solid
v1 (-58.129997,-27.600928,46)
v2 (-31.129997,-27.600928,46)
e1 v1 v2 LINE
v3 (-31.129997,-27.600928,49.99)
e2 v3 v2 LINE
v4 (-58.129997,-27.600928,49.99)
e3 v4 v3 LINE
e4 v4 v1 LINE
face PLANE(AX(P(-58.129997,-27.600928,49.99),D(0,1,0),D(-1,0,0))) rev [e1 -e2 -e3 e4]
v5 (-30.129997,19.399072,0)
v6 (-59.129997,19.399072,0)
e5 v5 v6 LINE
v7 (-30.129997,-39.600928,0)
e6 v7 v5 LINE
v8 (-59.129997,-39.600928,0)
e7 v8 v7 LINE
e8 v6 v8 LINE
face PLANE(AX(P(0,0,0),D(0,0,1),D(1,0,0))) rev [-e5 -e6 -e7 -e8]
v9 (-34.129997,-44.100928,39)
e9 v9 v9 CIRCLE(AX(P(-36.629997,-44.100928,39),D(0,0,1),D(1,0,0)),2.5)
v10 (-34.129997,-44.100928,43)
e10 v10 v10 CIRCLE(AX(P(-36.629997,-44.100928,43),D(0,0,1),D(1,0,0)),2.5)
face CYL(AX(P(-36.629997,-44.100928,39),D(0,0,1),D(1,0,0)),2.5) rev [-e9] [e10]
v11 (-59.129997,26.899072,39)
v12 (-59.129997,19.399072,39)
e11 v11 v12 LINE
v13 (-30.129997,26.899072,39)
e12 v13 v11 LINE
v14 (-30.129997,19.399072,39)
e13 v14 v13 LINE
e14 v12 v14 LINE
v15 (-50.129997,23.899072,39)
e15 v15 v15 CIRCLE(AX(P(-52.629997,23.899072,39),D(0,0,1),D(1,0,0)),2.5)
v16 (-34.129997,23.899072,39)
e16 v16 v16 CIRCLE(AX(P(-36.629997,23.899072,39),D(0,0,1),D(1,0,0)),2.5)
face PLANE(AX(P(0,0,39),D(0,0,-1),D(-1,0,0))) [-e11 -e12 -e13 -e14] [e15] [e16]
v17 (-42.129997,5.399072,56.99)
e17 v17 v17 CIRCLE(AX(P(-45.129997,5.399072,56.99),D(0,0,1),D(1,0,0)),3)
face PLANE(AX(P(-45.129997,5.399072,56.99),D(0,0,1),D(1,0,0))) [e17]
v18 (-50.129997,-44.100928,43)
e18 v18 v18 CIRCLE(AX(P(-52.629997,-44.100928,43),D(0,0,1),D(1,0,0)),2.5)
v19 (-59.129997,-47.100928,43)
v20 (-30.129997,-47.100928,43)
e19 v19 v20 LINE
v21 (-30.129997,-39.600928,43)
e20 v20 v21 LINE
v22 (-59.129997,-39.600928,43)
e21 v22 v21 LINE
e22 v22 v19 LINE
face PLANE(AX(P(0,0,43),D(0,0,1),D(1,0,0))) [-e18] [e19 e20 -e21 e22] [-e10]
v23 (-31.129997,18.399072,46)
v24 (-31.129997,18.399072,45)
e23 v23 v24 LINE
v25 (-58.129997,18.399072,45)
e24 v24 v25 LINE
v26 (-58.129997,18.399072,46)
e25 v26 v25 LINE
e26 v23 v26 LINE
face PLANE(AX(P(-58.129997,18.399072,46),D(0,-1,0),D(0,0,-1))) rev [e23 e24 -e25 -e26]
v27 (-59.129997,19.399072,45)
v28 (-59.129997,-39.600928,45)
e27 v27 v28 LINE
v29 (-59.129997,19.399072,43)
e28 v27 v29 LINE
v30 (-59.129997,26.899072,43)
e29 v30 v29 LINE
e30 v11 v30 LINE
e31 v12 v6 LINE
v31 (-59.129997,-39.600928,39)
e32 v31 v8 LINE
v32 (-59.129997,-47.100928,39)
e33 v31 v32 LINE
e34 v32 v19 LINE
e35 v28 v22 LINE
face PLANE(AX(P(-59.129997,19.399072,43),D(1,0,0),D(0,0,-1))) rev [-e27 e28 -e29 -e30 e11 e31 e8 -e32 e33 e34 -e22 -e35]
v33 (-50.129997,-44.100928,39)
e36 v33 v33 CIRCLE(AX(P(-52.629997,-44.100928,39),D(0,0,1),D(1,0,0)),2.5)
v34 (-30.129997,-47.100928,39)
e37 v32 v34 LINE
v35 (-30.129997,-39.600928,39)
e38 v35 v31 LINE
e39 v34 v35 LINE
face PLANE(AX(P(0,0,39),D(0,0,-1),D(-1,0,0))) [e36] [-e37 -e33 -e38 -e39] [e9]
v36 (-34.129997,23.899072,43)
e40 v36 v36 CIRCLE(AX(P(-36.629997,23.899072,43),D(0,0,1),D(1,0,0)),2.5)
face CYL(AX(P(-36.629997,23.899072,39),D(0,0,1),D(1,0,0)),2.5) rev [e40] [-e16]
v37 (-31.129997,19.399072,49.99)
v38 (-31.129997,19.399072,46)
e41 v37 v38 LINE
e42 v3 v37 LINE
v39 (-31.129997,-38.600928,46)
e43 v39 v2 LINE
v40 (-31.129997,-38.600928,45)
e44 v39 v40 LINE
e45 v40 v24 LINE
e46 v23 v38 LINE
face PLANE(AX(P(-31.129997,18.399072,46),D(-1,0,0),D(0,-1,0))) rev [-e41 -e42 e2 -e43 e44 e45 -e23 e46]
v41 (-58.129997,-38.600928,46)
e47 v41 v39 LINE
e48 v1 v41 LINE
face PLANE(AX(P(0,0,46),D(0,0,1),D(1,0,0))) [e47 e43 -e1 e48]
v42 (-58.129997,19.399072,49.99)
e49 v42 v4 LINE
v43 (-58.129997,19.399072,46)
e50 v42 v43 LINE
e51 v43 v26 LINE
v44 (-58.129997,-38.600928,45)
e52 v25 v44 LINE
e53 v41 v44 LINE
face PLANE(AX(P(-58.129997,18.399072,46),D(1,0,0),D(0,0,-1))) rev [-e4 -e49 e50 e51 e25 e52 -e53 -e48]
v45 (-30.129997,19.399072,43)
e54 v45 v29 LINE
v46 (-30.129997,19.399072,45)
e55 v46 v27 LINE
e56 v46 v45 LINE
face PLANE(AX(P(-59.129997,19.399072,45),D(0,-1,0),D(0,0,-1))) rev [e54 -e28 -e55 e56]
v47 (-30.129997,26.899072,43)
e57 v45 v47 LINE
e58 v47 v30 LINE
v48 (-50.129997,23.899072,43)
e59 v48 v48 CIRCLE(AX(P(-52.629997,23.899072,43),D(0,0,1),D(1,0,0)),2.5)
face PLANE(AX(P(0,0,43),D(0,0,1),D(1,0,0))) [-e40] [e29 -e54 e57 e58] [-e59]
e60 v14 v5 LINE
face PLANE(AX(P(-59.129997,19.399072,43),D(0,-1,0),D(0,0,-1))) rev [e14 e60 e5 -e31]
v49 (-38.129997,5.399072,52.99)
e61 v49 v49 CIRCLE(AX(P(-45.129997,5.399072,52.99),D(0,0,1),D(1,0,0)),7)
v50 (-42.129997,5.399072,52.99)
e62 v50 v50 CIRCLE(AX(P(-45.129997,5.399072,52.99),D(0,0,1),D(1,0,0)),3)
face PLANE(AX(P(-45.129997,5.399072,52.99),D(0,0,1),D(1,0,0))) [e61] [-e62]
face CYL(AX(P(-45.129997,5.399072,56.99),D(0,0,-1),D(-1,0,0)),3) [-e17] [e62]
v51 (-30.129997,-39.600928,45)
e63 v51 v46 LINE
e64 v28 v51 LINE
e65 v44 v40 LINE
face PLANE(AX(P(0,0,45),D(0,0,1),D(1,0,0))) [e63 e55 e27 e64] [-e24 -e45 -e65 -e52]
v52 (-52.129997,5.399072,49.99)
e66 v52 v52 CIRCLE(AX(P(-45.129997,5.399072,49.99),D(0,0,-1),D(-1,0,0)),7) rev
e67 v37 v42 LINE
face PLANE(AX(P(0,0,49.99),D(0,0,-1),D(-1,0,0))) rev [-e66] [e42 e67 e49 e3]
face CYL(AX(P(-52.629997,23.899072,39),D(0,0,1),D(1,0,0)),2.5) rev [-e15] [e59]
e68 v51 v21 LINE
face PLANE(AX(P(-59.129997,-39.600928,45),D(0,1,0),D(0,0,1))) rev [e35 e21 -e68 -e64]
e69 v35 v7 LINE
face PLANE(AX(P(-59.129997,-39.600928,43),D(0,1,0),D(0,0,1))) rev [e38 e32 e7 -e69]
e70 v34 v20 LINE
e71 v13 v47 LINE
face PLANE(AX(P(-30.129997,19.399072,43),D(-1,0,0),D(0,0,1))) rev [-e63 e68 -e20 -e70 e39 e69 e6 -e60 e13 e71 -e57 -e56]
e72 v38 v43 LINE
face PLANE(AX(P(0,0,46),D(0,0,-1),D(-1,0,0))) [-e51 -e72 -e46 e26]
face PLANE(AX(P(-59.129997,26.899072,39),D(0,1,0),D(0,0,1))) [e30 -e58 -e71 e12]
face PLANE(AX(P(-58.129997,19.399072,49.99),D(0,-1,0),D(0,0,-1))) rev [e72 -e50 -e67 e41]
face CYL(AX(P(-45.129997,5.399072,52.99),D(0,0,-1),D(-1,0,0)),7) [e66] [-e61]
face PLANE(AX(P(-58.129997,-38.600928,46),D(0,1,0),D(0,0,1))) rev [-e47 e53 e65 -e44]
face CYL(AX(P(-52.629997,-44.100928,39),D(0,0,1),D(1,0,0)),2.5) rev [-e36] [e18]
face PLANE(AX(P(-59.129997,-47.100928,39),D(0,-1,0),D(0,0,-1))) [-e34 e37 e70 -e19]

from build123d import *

# Parameters (mm, degrees)
SKETCH4_W           = 29
SKETCH4_H           = 59
BOSS_EXTRUDE2_DEPTH = 43
SKETCH5_W           = 29
SKETCH5_H           = 74
BOSS_EXTRUDE3_DEPTH = 4
SKETCH6_W           = 29
SKETCH6_H           = 59
BOSS_EXTRUDE4_DEPTH = 2
SKETCH7_W           = 27
SKETCH7_H           = 57
BOSS_EXTRUDE5_DEPTH = 1
SKETCH8_W           = 27
SKETCH8_H           = 47
BOSS_EXTRUDE7_DEPTH = 3.99
SKETCH11_R          = 7
BOSS_EXTRUDE8_DEPTH = 3
SKETCH12_R          = 3
BOSS_EXTRUDE9_DEPTH = 4
SKETCH13_R          = 2.5
CUT_EXTRUDE1_DEPTH  = 4


with BuildPart() as part:
    # Sketch4 → Boss-Extrude2 (new body)
    with BuildSketch(Plane.XY):
        with Locations((-44.629997068, -10.100928214)):
            Rectangle(SKETCH4_W, SKETCH4_H)
    extrude(amount=BOSS_EXTRUDE2_DEPTH)

    # Sketch5 → Boss-Extrude3 (add)
    with BuildSketch(Plane.XY.offset(43)):
        with Locations((-44.629997068, -10.100928214)):
            Rectangle(SKETCH5_W, SKETCH5_H)
    extrude(amount=-BOSS_EXTRUDE3_DEPTH)

    # Sketch6 → Boss-Extrude4 (add)
    with BuildSketch(Plane.XY.offset(43)):
        with Locations((-44.629997068, -10.100928214)):
            Rectangle(SKETCH6_W, SKETCH6_H)
    extrude(amount=BOSS_EXTRUDE4_DEPTH)

    # Sketch7 → Boss-Extrude5 (add)
    with BuildSketch(Plane.XY.offset(45)):
        with Locations((-44.629997068, -10.100928214)):
            Rectangle(SKETCH7_W, SKETCH7_H)
    extrude(amount=BOSS_EXTRUDE5_DEPTH)

    # Sketch8 → Boss-Extrude7 (add)
    with BuildSketch(Plane.XY.offset(46)):
        with Locations((-44.629997068, -4.100928214)):
            Rectangle(SKETCH8_W, SKETCH8_H)
    extrude(amount=BOSS_EXTRUDE7_DEPTH)

    # Sketch11 → Boss-Extrude8 (add)
    with BuildSketch(Plane.XY.offset(49.99)):
        with Locations((-45.129997068, 5.399071786)):
            Circle(SKETCH11_R)
    extrude(amount=BOSS_EXTRUDE8_DEPTH)

    # Sketch12 → Boss-Extrude9 (add)
    with BuildSketch(Plane.XY.offset(52.99)):
        with Locations((-45.129997068, 5.399071786)):
            Circle(SKETCH12_R)
    extrude(amount=BOSS_EXTRUDE9_DEPTH)

    # Sketch13 → Cut-Extrude1 (cut)
    with BuildSketch(Plane.XY.offset(43)):
        with Locations((-36.629997068, 23.899071786)):
            Circle(SKETCH13_R)
        with Locations((-52.629997068, 23.899071786)):
            Circle(SKETCH13_R)
        with Locations((-52.629997068, -44.100928214)):
            Circle(SKETCH13_R)
        with Locations((-36.629997068, -44.100928214)):
            Circle(SKETCH13_R)
    extrude(amount=-CUT_EXTRUDE1_DEPTH, mode=Mode.SUBTRACT)


solid = part.part
